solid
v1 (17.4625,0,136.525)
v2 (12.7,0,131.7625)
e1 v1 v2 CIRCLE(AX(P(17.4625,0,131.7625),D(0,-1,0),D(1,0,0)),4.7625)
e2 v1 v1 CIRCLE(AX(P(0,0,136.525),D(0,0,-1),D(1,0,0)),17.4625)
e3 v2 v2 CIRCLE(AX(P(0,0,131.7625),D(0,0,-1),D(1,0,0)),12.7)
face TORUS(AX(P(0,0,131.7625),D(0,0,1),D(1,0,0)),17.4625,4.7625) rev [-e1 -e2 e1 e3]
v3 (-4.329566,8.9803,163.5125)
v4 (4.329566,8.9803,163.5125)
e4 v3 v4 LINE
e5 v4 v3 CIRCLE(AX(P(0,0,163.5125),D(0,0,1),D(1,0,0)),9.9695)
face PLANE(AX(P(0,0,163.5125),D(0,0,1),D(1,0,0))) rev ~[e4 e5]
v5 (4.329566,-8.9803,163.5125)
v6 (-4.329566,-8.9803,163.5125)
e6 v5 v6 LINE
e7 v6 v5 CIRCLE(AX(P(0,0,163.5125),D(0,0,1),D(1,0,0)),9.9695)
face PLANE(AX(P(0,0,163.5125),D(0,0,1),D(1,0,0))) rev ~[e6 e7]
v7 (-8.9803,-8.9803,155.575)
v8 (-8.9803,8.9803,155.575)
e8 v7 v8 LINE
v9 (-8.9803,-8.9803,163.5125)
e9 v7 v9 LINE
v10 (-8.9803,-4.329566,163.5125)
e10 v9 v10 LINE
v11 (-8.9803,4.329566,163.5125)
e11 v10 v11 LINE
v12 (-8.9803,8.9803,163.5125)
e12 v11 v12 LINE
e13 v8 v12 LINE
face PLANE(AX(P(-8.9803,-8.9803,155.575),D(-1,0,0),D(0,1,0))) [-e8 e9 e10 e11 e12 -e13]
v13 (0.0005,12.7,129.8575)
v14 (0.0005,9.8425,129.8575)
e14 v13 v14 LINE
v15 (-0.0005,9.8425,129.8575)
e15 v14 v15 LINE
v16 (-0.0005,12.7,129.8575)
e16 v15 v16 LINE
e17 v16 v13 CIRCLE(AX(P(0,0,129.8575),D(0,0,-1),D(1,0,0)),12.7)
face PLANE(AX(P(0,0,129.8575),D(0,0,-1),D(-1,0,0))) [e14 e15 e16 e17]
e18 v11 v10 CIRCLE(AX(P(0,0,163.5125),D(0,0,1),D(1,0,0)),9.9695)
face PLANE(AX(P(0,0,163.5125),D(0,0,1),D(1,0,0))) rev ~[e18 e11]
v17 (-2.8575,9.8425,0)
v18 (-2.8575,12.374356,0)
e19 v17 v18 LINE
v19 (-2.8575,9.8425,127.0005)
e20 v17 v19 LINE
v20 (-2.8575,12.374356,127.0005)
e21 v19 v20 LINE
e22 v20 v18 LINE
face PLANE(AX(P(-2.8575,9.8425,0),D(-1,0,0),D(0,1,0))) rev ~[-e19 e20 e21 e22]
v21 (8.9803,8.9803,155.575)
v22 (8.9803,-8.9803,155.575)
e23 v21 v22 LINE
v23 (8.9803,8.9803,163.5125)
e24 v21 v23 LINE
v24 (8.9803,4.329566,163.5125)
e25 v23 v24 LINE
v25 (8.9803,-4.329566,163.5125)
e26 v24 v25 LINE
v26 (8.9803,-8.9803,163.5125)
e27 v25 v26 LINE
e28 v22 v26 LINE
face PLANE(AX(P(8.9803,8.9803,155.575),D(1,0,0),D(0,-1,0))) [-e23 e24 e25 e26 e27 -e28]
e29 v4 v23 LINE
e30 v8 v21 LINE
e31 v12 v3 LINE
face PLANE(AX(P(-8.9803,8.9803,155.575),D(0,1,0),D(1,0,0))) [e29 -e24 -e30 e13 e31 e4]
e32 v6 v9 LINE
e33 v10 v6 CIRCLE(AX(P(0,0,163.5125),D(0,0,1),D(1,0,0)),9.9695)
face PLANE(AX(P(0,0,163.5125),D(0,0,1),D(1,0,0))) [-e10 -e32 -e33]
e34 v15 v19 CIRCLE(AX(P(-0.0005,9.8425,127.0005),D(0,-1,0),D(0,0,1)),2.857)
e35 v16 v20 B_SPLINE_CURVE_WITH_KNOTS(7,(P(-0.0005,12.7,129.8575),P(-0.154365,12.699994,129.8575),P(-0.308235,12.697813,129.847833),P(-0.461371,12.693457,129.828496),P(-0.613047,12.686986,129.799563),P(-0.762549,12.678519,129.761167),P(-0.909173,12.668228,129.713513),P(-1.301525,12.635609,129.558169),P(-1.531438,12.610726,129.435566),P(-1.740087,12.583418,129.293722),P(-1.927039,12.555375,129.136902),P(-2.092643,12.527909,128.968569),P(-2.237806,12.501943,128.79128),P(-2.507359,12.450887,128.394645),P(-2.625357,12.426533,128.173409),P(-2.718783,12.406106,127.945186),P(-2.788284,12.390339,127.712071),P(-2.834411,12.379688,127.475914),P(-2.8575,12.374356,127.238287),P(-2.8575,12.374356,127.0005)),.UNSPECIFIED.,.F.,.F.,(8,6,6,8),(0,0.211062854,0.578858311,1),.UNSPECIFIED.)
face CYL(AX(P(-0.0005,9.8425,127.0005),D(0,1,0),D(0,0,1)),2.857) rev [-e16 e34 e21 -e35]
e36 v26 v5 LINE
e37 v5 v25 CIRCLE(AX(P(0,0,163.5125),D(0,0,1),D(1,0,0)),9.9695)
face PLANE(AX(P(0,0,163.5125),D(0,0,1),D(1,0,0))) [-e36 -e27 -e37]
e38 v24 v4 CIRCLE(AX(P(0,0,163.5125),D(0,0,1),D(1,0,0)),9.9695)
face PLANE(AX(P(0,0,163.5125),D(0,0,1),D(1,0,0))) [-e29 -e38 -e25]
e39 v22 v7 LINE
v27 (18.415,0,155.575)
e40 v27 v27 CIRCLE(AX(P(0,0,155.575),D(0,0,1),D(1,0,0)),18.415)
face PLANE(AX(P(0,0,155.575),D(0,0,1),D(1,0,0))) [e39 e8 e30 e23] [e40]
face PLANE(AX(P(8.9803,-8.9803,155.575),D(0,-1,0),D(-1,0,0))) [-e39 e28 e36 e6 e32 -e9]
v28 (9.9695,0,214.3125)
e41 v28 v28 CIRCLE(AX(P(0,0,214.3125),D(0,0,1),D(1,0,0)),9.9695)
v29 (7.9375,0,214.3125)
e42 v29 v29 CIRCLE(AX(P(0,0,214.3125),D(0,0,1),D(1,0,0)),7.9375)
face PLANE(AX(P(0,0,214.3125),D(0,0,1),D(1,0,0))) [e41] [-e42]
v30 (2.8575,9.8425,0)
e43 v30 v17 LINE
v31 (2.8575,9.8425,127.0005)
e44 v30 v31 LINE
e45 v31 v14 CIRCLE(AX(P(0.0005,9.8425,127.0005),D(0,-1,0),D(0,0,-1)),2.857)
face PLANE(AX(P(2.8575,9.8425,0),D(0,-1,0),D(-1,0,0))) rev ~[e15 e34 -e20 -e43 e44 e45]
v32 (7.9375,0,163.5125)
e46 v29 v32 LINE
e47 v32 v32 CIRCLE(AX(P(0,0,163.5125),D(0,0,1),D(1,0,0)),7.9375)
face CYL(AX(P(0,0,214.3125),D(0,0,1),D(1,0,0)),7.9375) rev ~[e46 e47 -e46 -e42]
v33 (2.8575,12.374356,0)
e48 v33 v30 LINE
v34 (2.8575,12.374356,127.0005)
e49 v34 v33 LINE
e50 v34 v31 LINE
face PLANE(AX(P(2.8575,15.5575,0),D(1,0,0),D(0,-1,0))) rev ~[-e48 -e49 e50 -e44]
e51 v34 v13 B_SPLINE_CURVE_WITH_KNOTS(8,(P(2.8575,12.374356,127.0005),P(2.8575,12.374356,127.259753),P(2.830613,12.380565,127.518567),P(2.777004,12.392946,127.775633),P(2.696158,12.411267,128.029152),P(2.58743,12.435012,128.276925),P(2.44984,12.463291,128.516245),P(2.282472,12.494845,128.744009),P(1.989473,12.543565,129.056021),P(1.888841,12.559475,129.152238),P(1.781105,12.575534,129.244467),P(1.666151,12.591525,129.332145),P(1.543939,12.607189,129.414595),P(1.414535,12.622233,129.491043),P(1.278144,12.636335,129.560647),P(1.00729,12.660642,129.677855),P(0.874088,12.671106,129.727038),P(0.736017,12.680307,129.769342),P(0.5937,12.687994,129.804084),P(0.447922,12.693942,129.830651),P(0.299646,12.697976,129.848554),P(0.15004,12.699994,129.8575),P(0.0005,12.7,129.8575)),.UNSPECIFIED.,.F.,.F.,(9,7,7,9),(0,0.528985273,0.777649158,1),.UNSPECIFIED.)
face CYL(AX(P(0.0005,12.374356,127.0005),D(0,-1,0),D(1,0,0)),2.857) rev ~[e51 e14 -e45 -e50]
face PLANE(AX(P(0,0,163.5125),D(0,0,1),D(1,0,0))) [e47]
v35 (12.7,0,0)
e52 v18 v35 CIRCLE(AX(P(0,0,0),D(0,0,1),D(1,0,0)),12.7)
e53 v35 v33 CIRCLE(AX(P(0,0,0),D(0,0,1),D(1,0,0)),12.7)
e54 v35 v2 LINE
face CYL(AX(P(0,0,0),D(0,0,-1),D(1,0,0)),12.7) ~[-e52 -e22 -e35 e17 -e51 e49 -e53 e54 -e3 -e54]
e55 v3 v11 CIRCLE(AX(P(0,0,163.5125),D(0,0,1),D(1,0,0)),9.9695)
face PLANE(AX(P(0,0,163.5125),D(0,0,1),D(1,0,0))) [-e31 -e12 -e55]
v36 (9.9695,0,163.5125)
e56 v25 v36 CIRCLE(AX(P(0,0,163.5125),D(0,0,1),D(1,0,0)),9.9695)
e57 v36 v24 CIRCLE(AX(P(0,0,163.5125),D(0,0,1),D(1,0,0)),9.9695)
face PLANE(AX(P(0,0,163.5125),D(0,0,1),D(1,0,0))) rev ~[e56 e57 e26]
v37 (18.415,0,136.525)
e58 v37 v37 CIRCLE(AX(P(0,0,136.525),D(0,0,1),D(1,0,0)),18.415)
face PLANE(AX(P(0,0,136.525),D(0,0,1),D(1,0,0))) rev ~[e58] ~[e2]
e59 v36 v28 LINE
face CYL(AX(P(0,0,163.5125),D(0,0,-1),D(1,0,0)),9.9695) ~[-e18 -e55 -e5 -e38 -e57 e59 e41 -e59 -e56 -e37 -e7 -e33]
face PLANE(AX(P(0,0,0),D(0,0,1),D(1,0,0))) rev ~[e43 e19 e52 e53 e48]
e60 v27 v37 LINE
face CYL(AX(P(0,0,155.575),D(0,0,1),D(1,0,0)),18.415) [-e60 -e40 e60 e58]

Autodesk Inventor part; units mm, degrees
ref_plane "YZ Plane" through (0, 0, 0) normal (1, 0, 0) x (0, 1, 0)
ref_plane "XZ Plane" through (0, 0, 0) normal (0, 1, 0) x (-1, 0, 0)
sketch "Sketch1" plane through (0, 0, 0) normal (0, 0, 1) x (1, 0, 0)
  circle A0 centre (0, 0) radius 12.7
  dimension "d0" = 25.4
extrude "Extrusion1" add sketch "Sketch1" along normal blind 155.575
sketch "Sketch2" plane through (0, 0, 155.575) normal (0, 0, 1) x (1, 0, 0)
  circle A0 centre (0, 0) radius 12.7 projected
  line L0 (-8.9803, 8.9803) -> (8.9803, 8.9803)
  line L1 (8.9803, 8.9803) -> (8.9803, -8.9803)
  line L2 (8.9803, -8.9803) -> (-8.9803, -8.9803)
  line L3 (-8.9803, -8.9803) -> (-8.9803, 8.9803)
  line L4 (-8.9803, 8.9803) -> (8.9803, -8.9803) construction
  line L5 (8.9803, 8.9803) -> (-8.9803, -8.9803) construction
extrude "Extrusion2" add sketch "Sketch2" along normal blind 7.9375 contours L1 L2 L3 L0
sketch "Sketch3" plane through (0, 0, 163.5125) normal (0, 0, 1) x (1, 0, 0)
  circle A0 centre (0, 0) radius 9.9695
  dimension "d5" = 19.939
extrude "Extrusion3" add sketch "Sketch3" along normal blind 50.8
sketch "Sketch4" plane through (0, 0, 214.3125) normal (0, 0, 1) x (1, 0, 0)
  circle A0 centre (0, 0) radius 7.9375
  dimension "d8" = 15.875
extrude "Extrusion4" cut sketch "Sketch4" against normal up to surface (50.8 mm away)
sketch "Sketch5" plane through (0, 0, 0) normal (0, 0, -1) x (-1, 0, 0)
  line L0 (2.8575, 15.5575) -> (-2.8575, 15.5575)
  line L1 (-2.8575, 15.5575) -> (-2.8575, 9.8425)
  line L2 (-2.8575, 9.8425) -> (2.8575, 9.8425)
  line L3 (2.8575, 9.8425) -> (2.8575, 15.5575)
  arc A0 (8.9803, -8.9803) -> (8.9803, 8.9803) centre (0, 0) ccw projected
  line L4 (2.8575, 15.5575) -> (-2.8575, 9.8425) construction
  line L5 (-2.8575, 15.5575) -> (2.8575, 9.8425) construction
  point P0 (0, 12.7)
  point P1 (0, 12.7)
  dimension "d11" = 5.715
extrude "Extrusion5" cut sketch "Sketch5" against normal blind 129.8575
fillet "Fillet2" radius 2.8575 2 edges at (-2.8575, 11.1084, 129.8575) (2.8575, 11.1084, 129.8575)
sketch "Sketch6" plane through (0, 0, 155.575) normal (0, 0, 1) x (1, 0, 0)
  circle A0 centre (0, 0) radius 18.415
  dimension "d16" = 36.83
ref_plane "Work Plane1" through (0, 12.7, 129.8575) normal (0, 0, 1) x (1, 0, 0)
sketch "Sketch7" plane through (0, 12.7, 129.8575) normal (0, 0, 1) x (1, 0, 0)
  circle A0 centre (0, -12.7) radius 7.9375 projected
  circle A1 centre (0, -12.7) radius 14.097
extrude "Extrusion6" add sketch "Sketch6" against normal blind 19.05
fillet "Fillet3" radius 4.7625 1 edges at (-12.7, 0, 136.525)
properties part number "Adam's Motor Shaft Rev2" material "Steel, Alloy"
